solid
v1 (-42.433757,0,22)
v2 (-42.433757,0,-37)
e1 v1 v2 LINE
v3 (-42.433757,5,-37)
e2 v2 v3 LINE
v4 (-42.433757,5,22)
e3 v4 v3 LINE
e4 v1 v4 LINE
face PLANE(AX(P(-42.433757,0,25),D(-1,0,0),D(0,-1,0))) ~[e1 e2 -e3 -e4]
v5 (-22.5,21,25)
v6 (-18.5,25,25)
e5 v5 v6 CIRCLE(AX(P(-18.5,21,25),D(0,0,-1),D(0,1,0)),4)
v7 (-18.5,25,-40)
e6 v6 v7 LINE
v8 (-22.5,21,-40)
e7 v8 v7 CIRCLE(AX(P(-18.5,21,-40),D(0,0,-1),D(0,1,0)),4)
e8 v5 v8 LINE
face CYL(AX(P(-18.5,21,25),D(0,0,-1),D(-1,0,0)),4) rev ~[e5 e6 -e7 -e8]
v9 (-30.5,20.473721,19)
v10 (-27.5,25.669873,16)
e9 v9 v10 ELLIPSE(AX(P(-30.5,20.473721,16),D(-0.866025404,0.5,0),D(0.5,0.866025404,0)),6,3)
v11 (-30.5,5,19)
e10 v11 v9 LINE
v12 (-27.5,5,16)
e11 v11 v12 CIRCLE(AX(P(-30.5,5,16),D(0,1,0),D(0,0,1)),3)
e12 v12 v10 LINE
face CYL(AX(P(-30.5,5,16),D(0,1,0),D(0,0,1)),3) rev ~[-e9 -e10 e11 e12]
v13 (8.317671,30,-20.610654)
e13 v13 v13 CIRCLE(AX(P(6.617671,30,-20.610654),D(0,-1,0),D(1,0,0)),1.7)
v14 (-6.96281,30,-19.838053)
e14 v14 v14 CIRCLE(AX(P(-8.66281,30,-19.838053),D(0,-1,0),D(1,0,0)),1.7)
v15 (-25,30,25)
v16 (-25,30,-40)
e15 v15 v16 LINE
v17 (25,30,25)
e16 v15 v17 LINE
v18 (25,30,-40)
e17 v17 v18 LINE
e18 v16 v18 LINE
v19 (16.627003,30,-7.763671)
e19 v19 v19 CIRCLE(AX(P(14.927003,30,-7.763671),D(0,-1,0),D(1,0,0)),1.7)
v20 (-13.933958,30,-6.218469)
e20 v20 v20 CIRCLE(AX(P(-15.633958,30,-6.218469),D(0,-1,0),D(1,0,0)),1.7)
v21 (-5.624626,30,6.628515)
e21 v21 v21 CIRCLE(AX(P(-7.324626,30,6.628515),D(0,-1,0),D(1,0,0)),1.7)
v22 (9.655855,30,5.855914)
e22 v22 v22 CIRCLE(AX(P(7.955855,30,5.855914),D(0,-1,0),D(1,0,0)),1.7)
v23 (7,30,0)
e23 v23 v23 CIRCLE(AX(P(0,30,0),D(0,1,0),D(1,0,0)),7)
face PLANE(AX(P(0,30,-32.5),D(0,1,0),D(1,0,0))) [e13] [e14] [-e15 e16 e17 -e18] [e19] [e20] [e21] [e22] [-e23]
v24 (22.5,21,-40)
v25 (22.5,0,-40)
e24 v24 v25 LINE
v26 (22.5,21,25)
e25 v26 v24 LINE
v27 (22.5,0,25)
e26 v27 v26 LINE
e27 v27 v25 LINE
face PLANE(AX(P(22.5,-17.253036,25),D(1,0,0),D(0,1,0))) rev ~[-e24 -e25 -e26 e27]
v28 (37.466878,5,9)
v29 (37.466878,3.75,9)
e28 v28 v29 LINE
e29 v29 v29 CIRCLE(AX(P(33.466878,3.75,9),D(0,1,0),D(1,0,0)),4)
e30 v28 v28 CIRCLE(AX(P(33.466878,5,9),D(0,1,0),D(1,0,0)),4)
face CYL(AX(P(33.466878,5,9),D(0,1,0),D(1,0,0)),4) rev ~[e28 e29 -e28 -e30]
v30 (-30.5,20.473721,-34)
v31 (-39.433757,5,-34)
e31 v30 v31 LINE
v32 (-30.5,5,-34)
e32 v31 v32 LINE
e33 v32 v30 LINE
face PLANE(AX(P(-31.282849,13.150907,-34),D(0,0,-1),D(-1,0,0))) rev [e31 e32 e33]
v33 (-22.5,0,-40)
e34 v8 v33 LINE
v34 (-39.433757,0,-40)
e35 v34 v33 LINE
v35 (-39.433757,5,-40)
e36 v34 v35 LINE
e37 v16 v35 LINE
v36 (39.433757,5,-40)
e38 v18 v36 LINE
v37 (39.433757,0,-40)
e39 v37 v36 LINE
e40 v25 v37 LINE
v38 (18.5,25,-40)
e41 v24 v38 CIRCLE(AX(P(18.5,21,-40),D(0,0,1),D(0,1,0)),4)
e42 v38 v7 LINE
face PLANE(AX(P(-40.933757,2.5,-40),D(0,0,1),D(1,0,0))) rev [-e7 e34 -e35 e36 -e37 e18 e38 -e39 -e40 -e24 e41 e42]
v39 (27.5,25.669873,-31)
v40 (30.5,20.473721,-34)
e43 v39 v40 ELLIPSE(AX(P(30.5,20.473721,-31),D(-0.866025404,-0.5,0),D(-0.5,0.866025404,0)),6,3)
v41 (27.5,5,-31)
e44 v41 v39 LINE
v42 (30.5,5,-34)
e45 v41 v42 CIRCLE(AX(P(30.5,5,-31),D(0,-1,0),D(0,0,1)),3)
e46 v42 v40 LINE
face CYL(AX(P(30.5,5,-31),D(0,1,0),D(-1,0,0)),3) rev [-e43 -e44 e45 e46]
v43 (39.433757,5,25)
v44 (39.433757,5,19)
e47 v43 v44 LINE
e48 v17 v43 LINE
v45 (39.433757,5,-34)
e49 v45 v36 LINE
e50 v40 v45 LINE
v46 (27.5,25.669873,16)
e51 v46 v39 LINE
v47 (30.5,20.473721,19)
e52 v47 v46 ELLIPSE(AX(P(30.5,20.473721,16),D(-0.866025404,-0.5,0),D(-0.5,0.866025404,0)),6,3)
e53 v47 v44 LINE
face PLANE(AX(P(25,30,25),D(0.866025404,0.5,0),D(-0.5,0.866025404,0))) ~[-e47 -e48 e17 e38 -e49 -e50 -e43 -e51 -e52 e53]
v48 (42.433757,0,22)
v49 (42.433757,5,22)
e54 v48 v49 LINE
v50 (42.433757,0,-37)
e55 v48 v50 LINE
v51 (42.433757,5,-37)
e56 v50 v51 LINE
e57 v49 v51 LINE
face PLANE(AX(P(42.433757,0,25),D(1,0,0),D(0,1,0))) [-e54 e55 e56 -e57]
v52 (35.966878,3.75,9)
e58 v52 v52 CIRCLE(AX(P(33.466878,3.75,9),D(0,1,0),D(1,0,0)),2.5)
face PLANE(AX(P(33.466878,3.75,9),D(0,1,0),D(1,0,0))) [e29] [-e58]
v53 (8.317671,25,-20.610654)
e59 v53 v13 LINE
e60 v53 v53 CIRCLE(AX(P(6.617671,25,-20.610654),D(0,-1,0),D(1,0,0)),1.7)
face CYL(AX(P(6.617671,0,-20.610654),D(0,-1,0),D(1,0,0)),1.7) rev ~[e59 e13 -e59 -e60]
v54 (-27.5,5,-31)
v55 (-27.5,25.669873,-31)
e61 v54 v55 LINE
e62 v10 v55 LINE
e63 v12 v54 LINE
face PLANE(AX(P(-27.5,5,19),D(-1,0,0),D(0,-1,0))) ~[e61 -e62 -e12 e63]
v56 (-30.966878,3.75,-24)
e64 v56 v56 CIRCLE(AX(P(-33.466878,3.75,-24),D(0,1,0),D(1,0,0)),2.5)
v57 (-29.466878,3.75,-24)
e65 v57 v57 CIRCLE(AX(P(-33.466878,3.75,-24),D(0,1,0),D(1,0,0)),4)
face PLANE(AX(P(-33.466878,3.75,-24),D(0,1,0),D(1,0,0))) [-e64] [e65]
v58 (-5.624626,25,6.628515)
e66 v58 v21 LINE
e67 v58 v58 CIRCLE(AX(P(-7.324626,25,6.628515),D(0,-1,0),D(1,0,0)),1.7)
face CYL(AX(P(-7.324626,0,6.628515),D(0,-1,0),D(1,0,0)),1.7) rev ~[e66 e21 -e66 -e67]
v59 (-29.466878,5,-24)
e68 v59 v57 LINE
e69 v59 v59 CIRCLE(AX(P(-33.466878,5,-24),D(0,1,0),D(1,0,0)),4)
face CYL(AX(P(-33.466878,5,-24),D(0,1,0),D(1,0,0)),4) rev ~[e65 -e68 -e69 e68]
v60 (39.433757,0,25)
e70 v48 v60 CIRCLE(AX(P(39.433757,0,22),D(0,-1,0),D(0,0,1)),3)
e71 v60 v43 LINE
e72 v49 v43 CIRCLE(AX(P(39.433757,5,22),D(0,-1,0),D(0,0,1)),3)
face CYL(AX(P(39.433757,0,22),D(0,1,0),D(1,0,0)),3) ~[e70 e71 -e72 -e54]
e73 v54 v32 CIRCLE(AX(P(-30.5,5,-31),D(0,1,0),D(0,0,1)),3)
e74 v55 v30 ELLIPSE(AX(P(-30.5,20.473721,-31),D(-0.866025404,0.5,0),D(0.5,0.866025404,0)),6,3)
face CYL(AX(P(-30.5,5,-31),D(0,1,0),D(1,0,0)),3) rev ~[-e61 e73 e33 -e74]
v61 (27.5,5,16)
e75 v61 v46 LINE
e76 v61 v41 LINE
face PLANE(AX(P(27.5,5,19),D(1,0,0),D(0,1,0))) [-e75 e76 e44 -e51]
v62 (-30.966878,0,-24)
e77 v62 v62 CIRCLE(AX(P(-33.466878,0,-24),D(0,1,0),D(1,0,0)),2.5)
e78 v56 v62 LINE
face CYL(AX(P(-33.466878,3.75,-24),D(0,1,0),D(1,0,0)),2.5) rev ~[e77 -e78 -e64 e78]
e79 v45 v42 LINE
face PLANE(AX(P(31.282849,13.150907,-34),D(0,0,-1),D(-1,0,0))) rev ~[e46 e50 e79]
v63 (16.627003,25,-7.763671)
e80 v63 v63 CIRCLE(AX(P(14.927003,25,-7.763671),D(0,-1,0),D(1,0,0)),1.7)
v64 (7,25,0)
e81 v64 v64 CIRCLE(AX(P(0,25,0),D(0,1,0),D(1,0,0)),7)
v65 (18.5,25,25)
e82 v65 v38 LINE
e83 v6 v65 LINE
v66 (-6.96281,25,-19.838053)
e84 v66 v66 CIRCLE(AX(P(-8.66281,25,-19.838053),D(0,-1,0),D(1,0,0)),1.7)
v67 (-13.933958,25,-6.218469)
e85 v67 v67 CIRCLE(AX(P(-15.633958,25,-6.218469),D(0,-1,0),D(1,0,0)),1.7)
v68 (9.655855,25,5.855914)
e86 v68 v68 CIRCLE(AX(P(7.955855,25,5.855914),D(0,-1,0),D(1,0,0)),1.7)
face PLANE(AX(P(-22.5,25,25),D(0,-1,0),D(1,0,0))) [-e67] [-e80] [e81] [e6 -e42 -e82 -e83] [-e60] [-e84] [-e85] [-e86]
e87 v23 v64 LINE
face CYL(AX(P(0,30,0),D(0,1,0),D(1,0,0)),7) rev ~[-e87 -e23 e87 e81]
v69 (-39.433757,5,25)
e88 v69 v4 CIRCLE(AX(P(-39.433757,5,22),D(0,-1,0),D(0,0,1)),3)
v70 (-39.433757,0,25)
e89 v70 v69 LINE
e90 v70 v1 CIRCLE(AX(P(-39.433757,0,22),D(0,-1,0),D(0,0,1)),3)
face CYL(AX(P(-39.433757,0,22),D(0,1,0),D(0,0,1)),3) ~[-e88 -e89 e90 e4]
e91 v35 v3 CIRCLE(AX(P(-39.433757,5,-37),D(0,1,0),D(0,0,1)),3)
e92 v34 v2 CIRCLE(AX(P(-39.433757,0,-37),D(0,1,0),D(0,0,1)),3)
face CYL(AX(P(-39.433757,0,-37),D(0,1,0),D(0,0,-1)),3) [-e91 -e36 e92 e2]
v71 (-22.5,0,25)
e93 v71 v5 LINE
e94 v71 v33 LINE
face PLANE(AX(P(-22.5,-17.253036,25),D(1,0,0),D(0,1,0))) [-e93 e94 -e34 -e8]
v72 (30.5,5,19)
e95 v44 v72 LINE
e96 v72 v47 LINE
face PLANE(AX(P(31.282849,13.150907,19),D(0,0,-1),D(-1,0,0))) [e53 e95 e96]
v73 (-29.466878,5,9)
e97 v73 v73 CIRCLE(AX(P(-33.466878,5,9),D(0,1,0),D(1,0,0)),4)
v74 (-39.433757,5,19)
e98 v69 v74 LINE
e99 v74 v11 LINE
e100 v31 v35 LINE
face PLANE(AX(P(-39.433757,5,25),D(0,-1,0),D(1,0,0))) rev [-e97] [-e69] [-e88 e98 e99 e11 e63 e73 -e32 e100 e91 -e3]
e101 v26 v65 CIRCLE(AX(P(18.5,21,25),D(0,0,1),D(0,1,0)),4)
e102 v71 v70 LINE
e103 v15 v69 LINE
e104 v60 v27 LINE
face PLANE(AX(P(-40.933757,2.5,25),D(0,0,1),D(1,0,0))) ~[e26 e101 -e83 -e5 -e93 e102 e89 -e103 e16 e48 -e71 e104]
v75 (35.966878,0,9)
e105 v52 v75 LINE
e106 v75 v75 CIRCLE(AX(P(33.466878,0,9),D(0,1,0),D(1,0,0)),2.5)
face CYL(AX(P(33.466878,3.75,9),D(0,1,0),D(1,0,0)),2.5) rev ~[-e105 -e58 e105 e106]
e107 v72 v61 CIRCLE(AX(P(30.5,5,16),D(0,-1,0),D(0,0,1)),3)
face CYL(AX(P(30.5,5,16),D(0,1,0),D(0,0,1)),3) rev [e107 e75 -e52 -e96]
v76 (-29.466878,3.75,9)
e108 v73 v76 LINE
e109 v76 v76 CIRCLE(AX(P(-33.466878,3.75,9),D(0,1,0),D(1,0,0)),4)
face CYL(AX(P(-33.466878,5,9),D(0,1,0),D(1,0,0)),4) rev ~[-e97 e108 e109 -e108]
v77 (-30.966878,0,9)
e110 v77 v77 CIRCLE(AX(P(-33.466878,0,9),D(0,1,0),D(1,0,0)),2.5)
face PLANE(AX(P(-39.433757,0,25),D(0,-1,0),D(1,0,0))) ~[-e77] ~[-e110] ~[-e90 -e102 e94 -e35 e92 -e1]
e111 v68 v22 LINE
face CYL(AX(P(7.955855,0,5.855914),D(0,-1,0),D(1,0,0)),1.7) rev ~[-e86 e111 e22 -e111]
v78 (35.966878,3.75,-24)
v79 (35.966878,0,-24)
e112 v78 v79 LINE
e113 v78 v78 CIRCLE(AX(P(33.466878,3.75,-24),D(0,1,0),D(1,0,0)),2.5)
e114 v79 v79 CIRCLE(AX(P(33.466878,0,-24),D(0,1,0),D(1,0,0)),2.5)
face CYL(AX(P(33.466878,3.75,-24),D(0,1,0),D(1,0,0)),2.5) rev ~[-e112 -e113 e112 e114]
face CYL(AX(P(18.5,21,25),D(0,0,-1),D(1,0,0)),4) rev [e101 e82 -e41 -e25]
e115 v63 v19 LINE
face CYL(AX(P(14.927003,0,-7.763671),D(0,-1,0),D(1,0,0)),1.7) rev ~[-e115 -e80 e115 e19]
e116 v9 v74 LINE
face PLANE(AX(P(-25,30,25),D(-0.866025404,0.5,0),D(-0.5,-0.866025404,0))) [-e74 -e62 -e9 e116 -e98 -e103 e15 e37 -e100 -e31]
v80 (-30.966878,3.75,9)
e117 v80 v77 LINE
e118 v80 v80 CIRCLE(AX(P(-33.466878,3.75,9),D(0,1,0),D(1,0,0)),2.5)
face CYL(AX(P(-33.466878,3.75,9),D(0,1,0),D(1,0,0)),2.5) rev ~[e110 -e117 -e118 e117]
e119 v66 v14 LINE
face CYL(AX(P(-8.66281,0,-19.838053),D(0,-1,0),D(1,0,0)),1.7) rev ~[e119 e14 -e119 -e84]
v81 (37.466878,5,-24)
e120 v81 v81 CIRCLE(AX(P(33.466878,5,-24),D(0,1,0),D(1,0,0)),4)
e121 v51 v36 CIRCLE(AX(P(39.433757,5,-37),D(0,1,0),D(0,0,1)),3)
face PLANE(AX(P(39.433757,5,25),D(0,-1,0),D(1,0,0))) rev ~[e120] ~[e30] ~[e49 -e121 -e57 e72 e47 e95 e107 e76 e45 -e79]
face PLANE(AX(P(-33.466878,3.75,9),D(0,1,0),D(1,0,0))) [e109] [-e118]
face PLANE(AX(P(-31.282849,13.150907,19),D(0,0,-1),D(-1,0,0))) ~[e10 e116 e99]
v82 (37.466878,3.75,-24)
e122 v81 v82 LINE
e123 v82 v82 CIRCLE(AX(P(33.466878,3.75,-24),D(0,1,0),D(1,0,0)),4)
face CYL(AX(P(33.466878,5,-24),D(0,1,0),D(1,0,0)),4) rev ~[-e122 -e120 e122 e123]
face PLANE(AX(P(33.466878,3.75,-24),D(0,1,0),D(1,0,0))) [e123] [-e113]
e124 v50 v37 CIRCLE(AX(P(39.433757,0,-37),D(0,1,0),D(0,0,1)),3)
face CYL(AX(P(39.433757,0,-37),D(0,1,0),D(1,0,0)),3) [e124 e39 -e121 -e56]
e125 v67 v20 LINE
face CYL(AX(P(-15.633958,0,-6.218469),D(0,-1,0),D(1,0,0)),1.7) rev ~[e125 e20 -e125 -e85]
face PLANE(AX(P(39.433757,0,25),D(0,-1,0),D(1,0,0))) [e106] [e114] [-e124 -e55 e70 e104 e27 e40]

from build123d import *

# Parameters (mm, degrees)
SKETCH1_W           = 50
SKETCH1_H           = 50
BOSS_EXTRUDE1_DEPTH = 30
SKETCH2_R           = 7
CUT_EXTRUDE1_DEPTH  = 30
SKETCH3_R           = 1.7
CUT_EXTRUDE2_DEPTH  = 42
SKETCH5_W           = 50
SKETCH5_H           = 15
BOSS_EXTRUDE2_DEPTH = 30
BOSS_EXTRUDE3_DEPTH = 65
SKETCH7_W           = 45
SKETCH7_H           = 42.253035939
CUT_EXTRUDE3_DEPTH  = 66
FILLET1_R           = 4
CUT_EXTRUDE4_DEPTH  = 53
SKETCH10_R          = 4
CUT_EXTRUDE5_DEPTH  = 1.25
SKETCH11_R          = 2.5
CUT_EXTRUDE6_DEPTH  = 36.25
CUT_EXTRUDE7_DEPTH  = 90.25
FILLET2_R           = 3
SKETCH13_W          = 3
SKETCH13_H          = 5
BOSS_EXTRUDE4_DEPTH = 65
FILLET3_R           = 3


with BuildPart() as part:
    # Sketch1 → Boss-Extrude1 (new body)
    with BuildSketch(Plane(origin=(0, 0, 0), x_dir=(1, 0, 0), z_dir=(0, 1, 0))):
        Rectangle(SKETCH1_W, SKETCH1_H)
    extrude(amount=BOSS_EXTRUDE1_DEPTH)

    # Sketch2 → Cut-Extrude1 (cut)
    with BuildSketch(Plane(origin=(0, 30, 0), x_dir=(1, 0, 0), z_dir=(0, 1, 0))):
        Circle(SKETCH2_R)
    extrude(amount=-CUT_EXTRUDE1_DEPTH, mode=Mode.SUBTRACT)

    # Sketch3 → Cut-Extrude2 (cut)
    with BuildSketch(Plane.XZ):
        with Locations((6.617670641, -20.610654448)):
            Circle(SKETCH3_R)
        with Locations((14.927003033, -7.763670553)):
            Circle(SKETCH3_R)
        with Locations((7.955854814, 5.855914334)):
            Circle(SKETCH3_R)
        with Locations((-7.324625797, 6.628515327)):
            Circle(SKETCH3_R)
        with Locations((-15.633958189, -6.218468568)):
            Circle(SKETCH3_R)
        with Locations((-8.66280997, -19.838053456)):
            Circle(SKETCH3_R)
    extrude(amount=-CUT_EXTRUDE2_DEPTH, mode=Mode.SUBTRACT)

    # Sketch5 → Boss-Extrude2 (add)
    with BuildSketch(Plane(origin=(0, 30, 0), x_dir=(1, 0, 0), z_dir=(0, 1, 0))):
        with Locations((0, 32.5)):
            Rectangle(SKETCH5_W, SKETCH5_H)
    extrude(amount=-BOSS_EXTRUDE2_DEPTH)

    # Sketch6 → Boss-Extrude3 (add)
    with BuildSketch(Plane.XY.offset(25)):
        Polygon((-25, 30), (-42.320508076, 0), (-25, 0), align=None)
    boss_extrude3 = extrude(amount=-BOSS_EXTRUDE3_DEPTH)

    # Mirror1: Boss-Extrude3 across plane
    add(boss_extrude3.mirror(Plane(origin=(0, 0, 0), x_dir=(0, 0, 1), z_dir=(1, 0, 0))))

    # Sketch7 → Cut-Extrude3 (cut)
    with BuildSketch(Plane.XY.offset(25)):
        with Locations((0, 3.87348203)):
            Rectangle(SKETCH7_W, SKETCH7_H)
    extrude(amount=-CUT_EXTRUDE3_DEPTH, mode=Mode.SUBTRACT)

    # Fillet1
    fillet1_edges = [part.edges().sort_by_distance(p)[0] for p in [
        (-22.5, 25, -7.5),
        (22.5, 25, -7.5),
    ]]
    fillet(fillet1_edges, radius=FILLET1_R)

    # Sketch9 → Cut-Extrude4 (cut)
    with BuildSketch(Plane.XY.offset(19)):
        Polygon((27.5, 25.669872981), (39.43375673, 5), (27.5, 5), align=None)
    cut_extrude4 = extrude(amount=-CUT_EXTRUDE4_DEPTH, mode=Mode.SUBTRACT)

    # Mirror2: Cut-Extrude4 across plane
    add(cut_extrude4.mirror(Plane(origin=(0, 0, 0), x_dir=(0, 0, 1), z_dir=(1, 0, 0))), mode=Mode.SUBTRACT)

    # Sketch10 → Cut-Extrude5 (cut)
    with BuildSketch(Plane(origin=(0, 5, 0), x_dir=(1, 0, 0), z_dir=(0, 1, 0))):
        with Locations((33.466878365, 24)):
            Circle(SKETCH10_R)
        with Locations((33.466878365, -9)):
            Circle(SKETCH10_R)
        with Locations((-33.466878365, -9)):
            Circle(SKETCH10_R)
        with Locations((-33.466878365, 24)):
            Circle(SKETCH10_R)
    extrude(amount=-CUT_EXTRUDE5_DEPTH, mode=Mode.SUBTRACT)

    # Sketch11 → Cut-Extrude6 (cut)
    with BuildSketch(Plane(origin=(0, 3.75, 0), x_dir=(1, 0, 0), z_dir=(0, 1, 0))):
        with Locations((33.466878365, 24)):
            Circle(SKETCH11_R)
        with Locations((33.466878365, -9)):
            Circle(SKETCH11_R)
        with Locations((-33.466878365, -9)):
            Circle(SKETCH11_R)
        with Locations((-33.466878365, 24)):
            Circle(SKETCH11_R)
    extrude(amount=-CUT_EXTRUDE6_DEPTH, mode=Mode.SUBTRACT)

    # Sketch12 → Cut-Extrude7 (cut)
    with BuildSketch(Plane.XY.offset(25)):
        Polygon((42.320508076, 0), (39.43375673, 5), (39.43375673, 0), align=None)
    cut_extrude7 = extrude(amount=-CUT_EXTRUDE7_DEPTH, mode=Mode.SUBTRACT)

    # Mirror3: Cut-Extrude7 across plane
    add(cut_extrude7.mirror(Plane(origin=(0, 0, 0), x_dir=(0, 0, 1), z_dir=(1, 0, 0))), mode=Mode.SUBTRACT)

    # Fillet2
    fillet2_edges = [part.edges().sort_by_distance(p)[0] for p in [
        (27.5, 15.334936491, 19),
        (27.5, 15.334936491, -34),
        (-27.5, 15.334936491, -34),
        (-27.5, 15.334936491, 19),
    ]]
    fillet(fillet2_edges, radius=FILLET2_R)

    # Sketch13 → Boss-Extrude4 (add)
    with BuildSketch(Plane.XY.offset(25)):
        with Locations((40.93375673, 2.5)):
            Rectangle(SKETCH13_W, SKETCH13_H)
    boss_extrude4 = extrude(amount=-BOSS_EXTRUDE4_DEPTH)

    # Mirror4: Boss-Extrude4 across plane
    add(boss_extrude4.mirror(Plane(origin=(0, 0, 0), x_dir=(0, 0, 1), z_dir=(1, 0, 0))))

    # Fillet3
    fillet3_edges = [part.edges().sort_by_distance(p)[0] for p in [
        (42.43375673, 2.5, -40),
        (42.43375673, 2.5, 25),
        (-42.43375673, 2.5, 25),
        (-42.43375673, 2.5, -40),
    ]]
    fillet(fillet3_edges, radius=FILLET3_R)


solid = part.part
